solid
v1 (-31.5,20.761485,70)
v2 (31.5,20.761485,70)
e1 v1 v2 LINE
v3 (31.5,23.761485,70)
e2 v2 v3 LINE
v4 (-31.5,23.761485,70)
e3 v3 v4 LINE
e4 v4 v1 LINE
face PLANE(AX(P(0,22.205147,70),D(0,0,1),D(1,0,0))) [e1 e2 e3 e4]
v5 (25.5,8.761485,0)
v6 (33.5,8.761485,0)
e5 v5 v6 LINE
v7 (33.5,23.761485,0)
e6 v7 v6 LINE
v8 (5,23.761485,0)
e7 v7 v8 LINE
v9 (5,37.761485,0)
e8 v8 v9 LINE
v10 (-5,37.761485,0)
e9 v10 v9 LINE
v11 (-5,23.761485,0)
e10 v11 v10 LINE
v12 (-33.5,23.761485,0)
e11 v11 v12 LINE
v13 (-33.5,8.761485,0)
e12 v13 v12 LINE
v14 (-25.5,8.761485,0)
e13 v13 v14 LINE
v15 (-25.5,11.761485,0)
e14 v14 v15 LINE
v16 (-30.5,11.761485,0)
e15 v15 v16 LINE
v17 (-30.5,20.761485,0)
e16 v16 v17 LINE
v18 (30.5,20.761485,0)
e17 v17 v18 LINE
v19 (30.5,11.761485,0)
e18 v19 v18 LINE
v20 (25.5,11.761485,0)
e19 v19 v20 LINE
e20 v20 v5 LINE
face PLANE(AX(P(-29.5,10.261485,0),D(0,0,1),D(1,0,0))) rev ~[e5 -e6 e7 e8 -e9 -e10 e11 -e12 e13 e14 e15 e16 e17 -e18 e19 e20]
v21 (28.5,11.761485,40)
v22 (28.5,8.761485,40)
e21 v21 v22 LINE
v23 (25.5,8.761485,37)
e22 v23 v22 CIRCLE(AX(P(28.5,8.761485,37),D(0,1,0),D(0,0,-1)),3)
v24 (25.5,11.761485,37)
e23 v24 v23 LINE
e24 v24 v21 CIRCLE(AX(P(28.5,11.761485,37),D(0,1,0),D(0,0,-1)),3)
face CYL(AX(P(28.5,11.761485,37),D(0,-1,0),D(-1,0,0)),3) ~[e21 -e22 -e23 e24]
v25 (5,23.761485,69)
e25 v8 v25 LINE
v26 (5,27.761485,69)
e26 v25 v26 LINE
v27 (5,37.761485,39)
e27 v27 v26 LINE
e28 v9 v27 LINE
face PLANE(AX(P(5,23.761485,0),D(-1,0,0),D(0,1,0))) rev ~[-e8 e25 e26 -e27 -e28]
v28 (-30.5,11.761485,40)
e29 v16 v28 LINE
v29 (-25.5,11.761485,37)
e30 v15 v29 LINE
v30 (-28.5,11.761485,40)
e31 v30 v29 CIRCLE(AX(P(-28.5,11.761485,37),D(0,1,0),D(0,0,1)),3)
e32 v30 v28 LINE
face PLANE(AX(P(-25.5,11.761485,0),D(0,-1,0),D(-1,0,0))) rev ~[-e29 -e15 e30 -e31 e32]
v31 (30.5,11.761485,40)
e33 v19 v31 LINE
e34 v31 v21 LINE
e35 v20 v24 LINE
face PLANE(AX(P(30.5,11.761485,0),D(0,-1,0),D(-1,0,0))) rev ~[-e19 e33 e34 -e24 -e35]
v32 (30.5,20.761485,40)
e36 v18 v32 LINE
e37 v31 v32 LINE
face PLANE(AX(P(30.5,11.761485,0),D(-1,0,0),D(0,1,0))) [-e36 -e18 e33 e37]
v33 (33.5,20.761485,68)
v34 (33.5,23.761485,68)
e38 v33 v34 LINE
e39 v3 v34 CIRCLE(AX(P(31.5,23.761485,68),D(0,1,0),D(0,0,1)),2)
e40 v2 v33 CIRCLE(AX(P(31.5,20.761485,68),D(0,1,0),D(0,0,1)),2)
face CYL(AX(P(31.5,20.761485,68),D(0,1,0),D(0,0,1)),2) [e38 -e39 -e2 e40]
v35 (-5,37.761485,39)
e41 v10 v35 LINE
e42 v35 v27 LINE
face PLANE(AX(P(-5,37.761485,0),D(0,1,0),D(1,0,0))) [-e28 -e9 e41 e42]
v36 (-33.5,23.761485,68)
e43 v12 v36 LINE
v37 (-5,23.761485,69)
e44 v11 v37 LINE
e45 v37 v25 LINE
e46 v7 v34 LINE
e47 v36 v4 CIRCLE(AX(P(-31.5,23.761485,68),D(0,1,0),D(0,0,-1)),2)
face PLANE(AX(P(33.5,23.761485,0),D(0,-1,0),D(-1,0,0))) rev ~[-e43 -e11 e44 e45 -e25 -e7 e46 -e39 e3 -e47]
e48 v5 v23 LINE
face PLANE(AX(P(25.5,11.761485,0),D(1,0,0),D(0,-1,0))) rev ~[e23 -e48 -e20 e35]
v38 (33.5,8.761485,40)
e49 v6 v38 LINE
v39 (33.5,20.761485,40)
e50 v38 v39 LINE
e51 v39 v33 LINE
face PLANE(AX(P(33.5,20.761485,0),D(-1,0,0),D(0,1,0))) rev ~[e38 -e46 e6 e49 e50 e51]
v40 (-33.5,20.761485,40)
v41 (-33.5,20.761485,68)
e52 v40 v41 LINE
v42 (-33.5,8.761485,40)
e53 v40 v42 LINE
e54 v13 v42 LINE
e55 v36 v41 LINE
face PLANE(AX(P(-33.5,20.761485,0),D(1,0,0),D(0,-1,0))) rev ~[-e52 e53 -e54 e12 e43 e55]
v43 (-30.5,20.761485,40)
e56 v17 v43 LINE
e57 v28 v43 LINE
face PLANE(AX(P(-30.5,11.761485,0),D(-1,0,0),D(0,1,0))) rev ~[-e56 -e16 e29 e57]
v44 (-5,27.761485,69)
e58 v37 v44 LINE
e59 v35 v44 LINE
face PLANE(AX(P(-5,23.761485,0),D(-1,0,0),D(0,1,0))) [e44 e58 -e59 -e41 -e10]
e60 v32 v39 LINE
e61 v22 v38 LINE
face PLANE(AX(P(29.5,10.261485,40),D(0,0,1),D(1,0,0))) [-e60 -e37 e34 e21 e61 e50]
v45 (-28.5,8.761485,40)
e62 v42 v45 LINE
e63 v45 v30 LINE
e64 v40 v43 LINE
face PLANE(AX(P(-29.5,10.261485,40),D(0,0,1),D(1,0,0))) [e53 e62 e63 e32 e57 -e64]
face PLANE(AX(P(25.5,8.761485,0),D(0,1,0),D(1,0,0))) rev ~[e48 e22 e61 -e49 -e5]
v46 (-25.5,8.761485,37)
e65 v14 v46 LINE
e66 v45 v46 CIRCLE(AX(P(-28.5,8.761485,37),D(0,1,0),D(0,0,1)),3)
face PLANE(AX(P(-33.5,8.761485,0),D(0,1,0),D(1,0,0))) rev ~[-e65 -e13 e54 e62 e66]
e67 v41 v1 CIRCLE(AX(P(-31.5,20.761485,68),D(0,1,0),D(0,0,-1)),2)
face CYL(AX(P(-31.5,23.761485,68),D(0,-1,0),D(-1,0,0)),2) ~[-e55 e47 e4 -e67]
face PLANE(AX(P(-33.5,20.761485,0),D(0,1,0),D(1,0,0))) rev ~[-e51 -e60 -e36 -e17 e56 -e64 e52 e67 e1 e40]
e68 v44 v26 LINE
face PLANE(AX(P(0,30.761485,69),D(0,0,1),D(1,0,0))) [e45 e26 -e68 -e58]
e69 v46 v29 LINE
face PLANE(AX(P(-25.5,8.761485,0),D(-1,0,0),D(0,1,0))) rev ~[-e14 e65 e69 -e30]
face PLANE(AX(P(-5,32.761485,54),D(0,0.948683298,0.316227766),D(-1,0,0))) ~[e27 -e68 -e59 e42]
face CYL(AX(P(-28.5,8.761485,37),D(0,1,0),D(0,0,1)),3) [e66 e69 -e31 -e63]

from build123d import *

# Parameters (mm, degrees)
F0_W     = 10
F0_H     = 1
F1_DEPTH = 70
F0_W_2   = 3
F0_H_2   = 9
F2_DEPTH = 40
F3_R     = 2
F4_R     = 3
F0_H_3   = 14
F5_DEPTH = 69
F6_SIZE2 = 10
F6_SIZE  = 30


with BuildPart() as f1:
    # F0 (on Top) → F1 (new body)
    with BuildSketch(Plane.XY):
        Polygon((33.5, 20.7614854574), (33.5, 23.7614854574), (32.5, 23.7614854574), (5, 23.7614854574), (5, 22.7614854574), (-5, 22.7614854574), (-5, 23.7614854574), (-33.5, 23.7614854574), (-33.5, 20.7614854574), (-30.5, 20.7614854574), (30.5, 20.7614854574), align=None)
        with Locations((0, 23.2614854574)):
            Rectangle(F0_W, F0_H)
    extrude(amount=F1_DEPTH)

    # F0 (on Top) → F2 (join)
    with BuildSketch(Plane.XY):
        Polygon((-25.5, 11.7614854574), (-30.5, 11.7614854574), (-33.5, 11.7614854574), (-33.5, 8.7614854574), (-25.5, 8.7614854574), align=None)
        with Locations((-32, 16.2614854574)):
            Rectangle(F0_W_2, F0_H_2)
        Polygon((33.5, 8.7614854574), (33.5, 11.7614854574), (30.5, 11.7614854574), (25.5, 11.7614854574), (25.5, 8.7614854574), align=None)
        with Locations((32, 16.2614854574)):
            Rectangle(F0_W_2, F0_H_2)
    extrude(amount=F2_DEPTH)

    # F3
    f3_edges = [f1.edges().sort_by_distance(p)[0] for p in [
        (33.5, 22.261485, 70),
        (-33.5, 22.261485, 70),
    ]]
    fillet(f3_edges, radius=F3_R)

    # F4
    f4_edges = [f1.edges().sort_by_distance(p)[0] for p in [
        (25.5, 10.261485, 40),
        (-25.5, 10.261485, 40),
    ]]
    fillet(f4_edges, radius=F4_R)

    # F0 (on Top) → F5 (join)
    with BuildSketch(Plane.XY):
        with Locations((0, 30.7614854574)):
            Rectangle(F0_W, F0_H_3)
    extrude(amount=F5_DEPTH)

    # F6
    f6_edges = [f1.edges().sort_by_distance(p)[0] for p in [
        (0, 37.761485, 69),
    ]]
    f6_side = f1.faces().sort_by_distance((0, 37.761485, 34.5))[0]
    chamfer(f6_edges, length=F6_SIZE, length2=F6_SIZE2, reference=f6_side)


solid = f1.part
